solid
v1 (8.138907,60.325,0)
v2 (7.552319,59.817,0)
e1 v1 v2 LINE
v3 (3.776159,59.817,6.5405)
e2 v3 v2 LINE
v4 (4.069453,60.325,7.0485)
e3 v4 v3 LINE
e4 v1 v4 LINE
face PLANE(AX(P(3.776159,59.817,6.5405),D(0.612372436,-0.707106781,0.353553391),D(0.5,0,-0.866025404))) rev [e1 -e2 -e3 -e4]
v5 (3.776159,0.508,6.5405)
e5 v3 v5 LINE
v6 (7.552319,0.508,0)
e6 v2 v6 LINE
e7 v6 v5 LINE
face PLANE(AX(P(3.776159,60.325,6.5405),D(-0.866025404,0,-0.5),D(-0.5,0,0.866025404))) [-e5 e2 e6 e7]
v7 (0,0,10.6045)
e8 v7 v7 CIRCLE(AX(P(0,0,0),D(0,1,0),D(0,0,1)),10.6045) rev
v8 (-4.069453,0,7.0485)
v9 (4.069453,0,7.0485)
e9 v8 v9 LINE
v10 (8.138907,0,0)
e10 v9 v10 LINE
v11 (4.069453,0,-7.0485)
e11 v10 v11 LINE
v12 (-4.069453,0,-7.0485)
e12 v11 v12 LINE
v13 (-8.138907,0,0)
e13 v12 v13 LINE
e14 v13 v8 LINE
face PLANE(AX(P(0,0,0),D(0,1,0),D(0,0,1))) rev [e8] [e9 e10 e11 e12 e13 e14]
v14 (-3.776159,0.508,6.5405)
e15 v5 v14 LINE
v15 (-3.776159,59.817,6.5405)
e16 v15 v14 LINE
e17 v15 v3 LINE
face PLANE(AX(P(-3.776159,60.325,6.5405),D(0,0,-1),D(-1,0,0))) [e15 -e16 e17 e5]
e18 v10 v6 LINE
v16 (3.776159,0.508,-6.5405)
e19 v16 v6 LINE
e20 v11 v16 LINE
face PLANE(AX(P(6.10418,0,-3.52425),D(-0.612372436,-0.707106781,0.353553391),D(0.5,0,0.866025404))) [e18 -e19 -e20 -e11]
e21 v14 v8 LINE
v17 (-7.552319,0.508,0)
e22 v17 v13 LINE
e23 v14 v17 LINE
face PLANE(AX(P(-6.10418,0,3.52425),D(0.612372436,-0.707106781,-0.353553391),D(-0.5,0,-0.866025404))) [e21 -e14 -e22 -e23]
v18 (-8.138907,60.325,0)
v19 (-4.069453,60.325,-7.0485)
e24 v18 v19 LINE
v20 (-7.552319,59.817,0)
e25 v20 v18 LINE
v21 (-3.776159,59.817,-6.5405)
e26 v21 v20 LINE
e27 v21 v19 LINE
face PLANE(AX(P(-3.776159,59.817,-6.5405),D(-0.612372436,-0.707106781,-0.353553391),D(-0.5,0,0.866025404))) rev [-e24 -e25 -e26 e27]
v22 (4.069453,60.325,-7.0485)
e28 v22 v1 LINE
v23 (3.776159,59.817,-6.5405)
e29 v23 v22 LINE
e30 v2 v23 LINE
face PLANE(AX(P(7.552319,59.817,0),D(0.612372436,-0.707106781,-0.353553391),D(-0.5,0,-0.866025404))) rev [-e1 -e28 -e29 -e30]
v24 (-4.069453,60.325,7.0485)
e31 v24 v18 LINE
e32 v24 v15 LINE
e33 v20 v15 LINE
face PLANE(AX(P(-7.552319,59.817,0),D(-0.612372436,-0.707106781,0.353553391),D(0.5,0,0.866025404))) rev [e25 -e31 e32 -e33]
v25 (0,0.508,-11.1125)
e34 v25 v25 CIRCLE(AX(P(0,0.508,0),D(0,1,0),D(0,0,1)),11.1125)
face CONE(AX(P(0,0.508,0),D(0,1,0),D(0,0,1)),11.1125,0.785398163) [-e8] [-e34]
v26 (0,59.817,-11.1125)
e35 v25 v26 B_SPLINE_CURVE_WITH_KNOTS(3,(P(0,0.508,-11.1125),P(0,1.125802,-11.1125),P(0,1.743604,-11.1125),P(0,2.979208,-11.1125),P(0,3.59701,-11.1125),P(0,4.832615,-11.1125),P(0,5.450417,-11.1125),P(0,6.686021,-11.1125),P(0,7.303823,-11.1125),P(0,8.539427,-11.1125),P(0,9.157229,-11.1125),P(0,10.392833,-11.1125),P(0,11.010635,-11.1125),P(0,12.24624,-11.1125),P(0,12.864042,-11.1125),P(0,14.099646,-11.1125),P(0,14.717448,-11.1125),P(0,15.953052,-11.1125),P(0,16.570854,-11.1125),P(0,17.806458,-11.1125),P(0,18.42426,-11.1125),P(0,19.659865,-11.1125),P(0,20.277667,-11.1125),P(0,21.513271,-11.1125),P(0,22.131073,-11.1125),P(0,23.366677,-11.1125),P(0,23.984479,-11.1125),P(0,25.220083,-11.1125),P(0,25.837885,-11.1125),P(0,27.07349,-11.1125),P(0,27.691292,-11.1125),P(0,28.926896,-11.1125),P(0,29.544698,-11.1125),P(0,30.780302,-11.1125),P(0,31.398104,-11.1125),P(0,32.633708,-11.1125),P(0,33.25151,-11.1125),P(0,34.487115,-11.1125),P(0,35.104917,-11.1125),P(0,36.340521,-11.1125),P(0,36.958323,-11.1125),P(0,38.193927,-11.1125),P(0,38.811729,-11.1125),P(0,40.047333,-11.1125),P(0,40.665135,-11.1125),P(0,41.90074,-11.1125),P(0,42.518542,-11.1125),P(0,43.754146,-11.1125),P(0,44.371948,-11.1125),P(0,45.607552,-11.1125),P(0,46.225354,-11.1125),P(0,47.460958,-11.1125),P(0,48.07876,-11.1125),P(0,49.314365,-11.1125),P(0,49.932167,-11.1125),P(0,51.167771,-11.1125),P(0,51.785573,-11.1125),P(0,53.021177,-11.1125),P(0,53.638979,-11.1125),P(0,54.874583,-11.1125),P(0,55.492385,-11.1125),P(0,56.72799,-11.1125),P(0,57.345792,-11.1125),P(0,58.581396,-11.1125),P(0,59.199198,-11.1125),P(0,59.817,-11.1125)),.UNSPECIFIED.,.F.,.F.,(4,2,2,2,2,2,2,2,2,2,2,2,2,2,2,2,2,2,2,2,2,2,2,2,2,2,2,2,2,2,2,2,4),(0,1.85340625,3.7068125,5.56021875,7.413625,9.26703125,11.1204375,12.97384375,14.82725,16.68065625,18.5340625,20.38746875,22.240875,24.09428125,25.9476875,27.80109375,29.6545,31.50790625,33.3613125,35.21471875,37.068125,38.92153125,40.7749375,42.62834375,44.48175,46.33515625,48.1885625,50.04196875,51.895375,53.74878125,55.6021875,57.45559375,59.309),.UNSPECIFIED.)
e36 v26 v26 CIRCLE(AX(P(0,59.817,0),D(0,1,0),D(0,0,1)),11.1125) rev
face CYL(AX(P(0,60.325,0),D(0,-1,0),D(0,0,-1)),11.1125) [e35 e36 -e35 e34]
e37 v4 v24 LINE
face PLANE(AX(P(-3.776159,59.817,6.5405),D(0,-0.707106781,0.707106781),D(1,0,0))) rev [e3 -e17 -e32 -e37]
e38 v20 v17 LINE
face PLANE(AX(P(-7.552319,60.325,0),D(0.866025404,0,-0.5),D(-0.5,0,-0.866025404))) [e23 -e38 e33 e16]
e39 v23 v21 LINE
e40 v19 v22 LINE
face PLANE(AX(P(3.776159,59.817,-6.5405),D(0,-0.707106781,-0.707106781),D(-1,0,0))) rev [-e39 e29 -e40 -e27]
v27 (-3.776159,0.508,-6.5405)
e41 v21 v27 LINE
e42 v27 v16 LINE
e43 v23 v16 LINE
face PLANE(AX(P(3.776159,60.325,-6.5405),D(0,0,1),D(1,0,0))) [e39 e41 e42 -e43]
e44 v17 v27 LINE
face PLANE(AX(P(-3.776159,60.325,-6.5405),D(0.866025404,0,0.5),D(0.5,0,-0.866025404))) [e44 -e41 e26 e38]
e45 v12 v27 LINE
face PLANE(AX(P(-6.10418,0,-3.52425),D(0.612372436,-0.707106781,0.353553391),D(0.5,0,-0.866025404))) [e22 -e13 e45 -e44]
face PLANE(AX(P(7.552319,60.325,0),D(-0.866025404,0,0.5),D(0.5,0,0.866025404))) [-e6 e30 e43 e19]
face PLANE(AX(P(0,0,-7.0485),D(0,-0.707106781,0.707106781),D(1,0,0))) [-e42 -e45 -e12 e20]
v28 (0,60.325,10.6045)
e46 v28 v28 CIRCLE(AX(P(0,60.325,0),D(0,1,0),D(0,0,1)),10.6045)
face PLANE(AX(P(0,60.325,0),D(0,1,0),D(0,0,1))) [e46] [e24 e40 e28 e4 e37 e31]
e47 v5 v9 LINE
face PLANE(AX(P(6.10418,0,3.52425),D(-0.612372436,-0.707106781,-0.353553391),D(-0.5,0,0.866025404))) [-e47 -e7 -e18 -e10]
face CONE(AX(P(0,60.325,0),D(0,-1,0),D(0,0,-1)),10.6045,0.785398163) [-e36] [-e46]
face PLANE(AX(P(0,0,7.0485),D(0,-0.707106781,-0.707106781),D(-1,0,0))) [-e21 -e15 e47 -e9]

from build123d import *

# Parameters (mm, degrees)
SKETCH1_R           = 11.1125
BOSS_EXTRUDE1_DEPTH = 60.325
CHAMFER1_SIZE       = 0.508


with BuildPart() as part:
    # Sketch1 → Boss-Extrude1 (new body)
    with BuildSketch(Plane(origin=(0, 0, 0), x_dir=(1, 0, 0), z_dir=(0, 1, 0))):
        with Locations(Location((0, 0, 0), (0, 0, 90))):
            Circle(SKETCH1_R)
        Polygon((7.552318871, 0), (3.776159436, 6.5405), (-3.776159436, 6.5405), (-7.552318871, 0), (-3.776159436, -6.5405), (3.776159436, -6.5405), align=None, mode=Mode.SUBTRACT)
    extrude(amount=BOSS_EXTRUDE1_DEPTH)

    # Chamfer1
    chamfer1_edges = [part.edges().sort_by_distance(p)[0] for p in [
        (0, 0, -6.5405),
        (-5.664239153, 0, -3.27025),
        (-5.664239153, 0, 3.27025),
        (0, 0, 6.5405),
        (5.664239153, 60.325, 3.27025),
        (5.664239153, 60.325, -3.27025),
        (0, 60.325, -6.5405),
        (-5.664239153, 60.325, -3.27025),
        (-5.664239153, 60.325, 3.27025),
        (0, 60.325, 6.5405),
        (0, 0, 11.1125),
        (0, 60.325, 11.1125),
        (5.664239153, 0, 3.27025),
        (5.664239153, 0, -3.27025),
    ]]
    chamfer(chamfer1_edges, length=CHAMFER1_SIZE)


solid = part.part
